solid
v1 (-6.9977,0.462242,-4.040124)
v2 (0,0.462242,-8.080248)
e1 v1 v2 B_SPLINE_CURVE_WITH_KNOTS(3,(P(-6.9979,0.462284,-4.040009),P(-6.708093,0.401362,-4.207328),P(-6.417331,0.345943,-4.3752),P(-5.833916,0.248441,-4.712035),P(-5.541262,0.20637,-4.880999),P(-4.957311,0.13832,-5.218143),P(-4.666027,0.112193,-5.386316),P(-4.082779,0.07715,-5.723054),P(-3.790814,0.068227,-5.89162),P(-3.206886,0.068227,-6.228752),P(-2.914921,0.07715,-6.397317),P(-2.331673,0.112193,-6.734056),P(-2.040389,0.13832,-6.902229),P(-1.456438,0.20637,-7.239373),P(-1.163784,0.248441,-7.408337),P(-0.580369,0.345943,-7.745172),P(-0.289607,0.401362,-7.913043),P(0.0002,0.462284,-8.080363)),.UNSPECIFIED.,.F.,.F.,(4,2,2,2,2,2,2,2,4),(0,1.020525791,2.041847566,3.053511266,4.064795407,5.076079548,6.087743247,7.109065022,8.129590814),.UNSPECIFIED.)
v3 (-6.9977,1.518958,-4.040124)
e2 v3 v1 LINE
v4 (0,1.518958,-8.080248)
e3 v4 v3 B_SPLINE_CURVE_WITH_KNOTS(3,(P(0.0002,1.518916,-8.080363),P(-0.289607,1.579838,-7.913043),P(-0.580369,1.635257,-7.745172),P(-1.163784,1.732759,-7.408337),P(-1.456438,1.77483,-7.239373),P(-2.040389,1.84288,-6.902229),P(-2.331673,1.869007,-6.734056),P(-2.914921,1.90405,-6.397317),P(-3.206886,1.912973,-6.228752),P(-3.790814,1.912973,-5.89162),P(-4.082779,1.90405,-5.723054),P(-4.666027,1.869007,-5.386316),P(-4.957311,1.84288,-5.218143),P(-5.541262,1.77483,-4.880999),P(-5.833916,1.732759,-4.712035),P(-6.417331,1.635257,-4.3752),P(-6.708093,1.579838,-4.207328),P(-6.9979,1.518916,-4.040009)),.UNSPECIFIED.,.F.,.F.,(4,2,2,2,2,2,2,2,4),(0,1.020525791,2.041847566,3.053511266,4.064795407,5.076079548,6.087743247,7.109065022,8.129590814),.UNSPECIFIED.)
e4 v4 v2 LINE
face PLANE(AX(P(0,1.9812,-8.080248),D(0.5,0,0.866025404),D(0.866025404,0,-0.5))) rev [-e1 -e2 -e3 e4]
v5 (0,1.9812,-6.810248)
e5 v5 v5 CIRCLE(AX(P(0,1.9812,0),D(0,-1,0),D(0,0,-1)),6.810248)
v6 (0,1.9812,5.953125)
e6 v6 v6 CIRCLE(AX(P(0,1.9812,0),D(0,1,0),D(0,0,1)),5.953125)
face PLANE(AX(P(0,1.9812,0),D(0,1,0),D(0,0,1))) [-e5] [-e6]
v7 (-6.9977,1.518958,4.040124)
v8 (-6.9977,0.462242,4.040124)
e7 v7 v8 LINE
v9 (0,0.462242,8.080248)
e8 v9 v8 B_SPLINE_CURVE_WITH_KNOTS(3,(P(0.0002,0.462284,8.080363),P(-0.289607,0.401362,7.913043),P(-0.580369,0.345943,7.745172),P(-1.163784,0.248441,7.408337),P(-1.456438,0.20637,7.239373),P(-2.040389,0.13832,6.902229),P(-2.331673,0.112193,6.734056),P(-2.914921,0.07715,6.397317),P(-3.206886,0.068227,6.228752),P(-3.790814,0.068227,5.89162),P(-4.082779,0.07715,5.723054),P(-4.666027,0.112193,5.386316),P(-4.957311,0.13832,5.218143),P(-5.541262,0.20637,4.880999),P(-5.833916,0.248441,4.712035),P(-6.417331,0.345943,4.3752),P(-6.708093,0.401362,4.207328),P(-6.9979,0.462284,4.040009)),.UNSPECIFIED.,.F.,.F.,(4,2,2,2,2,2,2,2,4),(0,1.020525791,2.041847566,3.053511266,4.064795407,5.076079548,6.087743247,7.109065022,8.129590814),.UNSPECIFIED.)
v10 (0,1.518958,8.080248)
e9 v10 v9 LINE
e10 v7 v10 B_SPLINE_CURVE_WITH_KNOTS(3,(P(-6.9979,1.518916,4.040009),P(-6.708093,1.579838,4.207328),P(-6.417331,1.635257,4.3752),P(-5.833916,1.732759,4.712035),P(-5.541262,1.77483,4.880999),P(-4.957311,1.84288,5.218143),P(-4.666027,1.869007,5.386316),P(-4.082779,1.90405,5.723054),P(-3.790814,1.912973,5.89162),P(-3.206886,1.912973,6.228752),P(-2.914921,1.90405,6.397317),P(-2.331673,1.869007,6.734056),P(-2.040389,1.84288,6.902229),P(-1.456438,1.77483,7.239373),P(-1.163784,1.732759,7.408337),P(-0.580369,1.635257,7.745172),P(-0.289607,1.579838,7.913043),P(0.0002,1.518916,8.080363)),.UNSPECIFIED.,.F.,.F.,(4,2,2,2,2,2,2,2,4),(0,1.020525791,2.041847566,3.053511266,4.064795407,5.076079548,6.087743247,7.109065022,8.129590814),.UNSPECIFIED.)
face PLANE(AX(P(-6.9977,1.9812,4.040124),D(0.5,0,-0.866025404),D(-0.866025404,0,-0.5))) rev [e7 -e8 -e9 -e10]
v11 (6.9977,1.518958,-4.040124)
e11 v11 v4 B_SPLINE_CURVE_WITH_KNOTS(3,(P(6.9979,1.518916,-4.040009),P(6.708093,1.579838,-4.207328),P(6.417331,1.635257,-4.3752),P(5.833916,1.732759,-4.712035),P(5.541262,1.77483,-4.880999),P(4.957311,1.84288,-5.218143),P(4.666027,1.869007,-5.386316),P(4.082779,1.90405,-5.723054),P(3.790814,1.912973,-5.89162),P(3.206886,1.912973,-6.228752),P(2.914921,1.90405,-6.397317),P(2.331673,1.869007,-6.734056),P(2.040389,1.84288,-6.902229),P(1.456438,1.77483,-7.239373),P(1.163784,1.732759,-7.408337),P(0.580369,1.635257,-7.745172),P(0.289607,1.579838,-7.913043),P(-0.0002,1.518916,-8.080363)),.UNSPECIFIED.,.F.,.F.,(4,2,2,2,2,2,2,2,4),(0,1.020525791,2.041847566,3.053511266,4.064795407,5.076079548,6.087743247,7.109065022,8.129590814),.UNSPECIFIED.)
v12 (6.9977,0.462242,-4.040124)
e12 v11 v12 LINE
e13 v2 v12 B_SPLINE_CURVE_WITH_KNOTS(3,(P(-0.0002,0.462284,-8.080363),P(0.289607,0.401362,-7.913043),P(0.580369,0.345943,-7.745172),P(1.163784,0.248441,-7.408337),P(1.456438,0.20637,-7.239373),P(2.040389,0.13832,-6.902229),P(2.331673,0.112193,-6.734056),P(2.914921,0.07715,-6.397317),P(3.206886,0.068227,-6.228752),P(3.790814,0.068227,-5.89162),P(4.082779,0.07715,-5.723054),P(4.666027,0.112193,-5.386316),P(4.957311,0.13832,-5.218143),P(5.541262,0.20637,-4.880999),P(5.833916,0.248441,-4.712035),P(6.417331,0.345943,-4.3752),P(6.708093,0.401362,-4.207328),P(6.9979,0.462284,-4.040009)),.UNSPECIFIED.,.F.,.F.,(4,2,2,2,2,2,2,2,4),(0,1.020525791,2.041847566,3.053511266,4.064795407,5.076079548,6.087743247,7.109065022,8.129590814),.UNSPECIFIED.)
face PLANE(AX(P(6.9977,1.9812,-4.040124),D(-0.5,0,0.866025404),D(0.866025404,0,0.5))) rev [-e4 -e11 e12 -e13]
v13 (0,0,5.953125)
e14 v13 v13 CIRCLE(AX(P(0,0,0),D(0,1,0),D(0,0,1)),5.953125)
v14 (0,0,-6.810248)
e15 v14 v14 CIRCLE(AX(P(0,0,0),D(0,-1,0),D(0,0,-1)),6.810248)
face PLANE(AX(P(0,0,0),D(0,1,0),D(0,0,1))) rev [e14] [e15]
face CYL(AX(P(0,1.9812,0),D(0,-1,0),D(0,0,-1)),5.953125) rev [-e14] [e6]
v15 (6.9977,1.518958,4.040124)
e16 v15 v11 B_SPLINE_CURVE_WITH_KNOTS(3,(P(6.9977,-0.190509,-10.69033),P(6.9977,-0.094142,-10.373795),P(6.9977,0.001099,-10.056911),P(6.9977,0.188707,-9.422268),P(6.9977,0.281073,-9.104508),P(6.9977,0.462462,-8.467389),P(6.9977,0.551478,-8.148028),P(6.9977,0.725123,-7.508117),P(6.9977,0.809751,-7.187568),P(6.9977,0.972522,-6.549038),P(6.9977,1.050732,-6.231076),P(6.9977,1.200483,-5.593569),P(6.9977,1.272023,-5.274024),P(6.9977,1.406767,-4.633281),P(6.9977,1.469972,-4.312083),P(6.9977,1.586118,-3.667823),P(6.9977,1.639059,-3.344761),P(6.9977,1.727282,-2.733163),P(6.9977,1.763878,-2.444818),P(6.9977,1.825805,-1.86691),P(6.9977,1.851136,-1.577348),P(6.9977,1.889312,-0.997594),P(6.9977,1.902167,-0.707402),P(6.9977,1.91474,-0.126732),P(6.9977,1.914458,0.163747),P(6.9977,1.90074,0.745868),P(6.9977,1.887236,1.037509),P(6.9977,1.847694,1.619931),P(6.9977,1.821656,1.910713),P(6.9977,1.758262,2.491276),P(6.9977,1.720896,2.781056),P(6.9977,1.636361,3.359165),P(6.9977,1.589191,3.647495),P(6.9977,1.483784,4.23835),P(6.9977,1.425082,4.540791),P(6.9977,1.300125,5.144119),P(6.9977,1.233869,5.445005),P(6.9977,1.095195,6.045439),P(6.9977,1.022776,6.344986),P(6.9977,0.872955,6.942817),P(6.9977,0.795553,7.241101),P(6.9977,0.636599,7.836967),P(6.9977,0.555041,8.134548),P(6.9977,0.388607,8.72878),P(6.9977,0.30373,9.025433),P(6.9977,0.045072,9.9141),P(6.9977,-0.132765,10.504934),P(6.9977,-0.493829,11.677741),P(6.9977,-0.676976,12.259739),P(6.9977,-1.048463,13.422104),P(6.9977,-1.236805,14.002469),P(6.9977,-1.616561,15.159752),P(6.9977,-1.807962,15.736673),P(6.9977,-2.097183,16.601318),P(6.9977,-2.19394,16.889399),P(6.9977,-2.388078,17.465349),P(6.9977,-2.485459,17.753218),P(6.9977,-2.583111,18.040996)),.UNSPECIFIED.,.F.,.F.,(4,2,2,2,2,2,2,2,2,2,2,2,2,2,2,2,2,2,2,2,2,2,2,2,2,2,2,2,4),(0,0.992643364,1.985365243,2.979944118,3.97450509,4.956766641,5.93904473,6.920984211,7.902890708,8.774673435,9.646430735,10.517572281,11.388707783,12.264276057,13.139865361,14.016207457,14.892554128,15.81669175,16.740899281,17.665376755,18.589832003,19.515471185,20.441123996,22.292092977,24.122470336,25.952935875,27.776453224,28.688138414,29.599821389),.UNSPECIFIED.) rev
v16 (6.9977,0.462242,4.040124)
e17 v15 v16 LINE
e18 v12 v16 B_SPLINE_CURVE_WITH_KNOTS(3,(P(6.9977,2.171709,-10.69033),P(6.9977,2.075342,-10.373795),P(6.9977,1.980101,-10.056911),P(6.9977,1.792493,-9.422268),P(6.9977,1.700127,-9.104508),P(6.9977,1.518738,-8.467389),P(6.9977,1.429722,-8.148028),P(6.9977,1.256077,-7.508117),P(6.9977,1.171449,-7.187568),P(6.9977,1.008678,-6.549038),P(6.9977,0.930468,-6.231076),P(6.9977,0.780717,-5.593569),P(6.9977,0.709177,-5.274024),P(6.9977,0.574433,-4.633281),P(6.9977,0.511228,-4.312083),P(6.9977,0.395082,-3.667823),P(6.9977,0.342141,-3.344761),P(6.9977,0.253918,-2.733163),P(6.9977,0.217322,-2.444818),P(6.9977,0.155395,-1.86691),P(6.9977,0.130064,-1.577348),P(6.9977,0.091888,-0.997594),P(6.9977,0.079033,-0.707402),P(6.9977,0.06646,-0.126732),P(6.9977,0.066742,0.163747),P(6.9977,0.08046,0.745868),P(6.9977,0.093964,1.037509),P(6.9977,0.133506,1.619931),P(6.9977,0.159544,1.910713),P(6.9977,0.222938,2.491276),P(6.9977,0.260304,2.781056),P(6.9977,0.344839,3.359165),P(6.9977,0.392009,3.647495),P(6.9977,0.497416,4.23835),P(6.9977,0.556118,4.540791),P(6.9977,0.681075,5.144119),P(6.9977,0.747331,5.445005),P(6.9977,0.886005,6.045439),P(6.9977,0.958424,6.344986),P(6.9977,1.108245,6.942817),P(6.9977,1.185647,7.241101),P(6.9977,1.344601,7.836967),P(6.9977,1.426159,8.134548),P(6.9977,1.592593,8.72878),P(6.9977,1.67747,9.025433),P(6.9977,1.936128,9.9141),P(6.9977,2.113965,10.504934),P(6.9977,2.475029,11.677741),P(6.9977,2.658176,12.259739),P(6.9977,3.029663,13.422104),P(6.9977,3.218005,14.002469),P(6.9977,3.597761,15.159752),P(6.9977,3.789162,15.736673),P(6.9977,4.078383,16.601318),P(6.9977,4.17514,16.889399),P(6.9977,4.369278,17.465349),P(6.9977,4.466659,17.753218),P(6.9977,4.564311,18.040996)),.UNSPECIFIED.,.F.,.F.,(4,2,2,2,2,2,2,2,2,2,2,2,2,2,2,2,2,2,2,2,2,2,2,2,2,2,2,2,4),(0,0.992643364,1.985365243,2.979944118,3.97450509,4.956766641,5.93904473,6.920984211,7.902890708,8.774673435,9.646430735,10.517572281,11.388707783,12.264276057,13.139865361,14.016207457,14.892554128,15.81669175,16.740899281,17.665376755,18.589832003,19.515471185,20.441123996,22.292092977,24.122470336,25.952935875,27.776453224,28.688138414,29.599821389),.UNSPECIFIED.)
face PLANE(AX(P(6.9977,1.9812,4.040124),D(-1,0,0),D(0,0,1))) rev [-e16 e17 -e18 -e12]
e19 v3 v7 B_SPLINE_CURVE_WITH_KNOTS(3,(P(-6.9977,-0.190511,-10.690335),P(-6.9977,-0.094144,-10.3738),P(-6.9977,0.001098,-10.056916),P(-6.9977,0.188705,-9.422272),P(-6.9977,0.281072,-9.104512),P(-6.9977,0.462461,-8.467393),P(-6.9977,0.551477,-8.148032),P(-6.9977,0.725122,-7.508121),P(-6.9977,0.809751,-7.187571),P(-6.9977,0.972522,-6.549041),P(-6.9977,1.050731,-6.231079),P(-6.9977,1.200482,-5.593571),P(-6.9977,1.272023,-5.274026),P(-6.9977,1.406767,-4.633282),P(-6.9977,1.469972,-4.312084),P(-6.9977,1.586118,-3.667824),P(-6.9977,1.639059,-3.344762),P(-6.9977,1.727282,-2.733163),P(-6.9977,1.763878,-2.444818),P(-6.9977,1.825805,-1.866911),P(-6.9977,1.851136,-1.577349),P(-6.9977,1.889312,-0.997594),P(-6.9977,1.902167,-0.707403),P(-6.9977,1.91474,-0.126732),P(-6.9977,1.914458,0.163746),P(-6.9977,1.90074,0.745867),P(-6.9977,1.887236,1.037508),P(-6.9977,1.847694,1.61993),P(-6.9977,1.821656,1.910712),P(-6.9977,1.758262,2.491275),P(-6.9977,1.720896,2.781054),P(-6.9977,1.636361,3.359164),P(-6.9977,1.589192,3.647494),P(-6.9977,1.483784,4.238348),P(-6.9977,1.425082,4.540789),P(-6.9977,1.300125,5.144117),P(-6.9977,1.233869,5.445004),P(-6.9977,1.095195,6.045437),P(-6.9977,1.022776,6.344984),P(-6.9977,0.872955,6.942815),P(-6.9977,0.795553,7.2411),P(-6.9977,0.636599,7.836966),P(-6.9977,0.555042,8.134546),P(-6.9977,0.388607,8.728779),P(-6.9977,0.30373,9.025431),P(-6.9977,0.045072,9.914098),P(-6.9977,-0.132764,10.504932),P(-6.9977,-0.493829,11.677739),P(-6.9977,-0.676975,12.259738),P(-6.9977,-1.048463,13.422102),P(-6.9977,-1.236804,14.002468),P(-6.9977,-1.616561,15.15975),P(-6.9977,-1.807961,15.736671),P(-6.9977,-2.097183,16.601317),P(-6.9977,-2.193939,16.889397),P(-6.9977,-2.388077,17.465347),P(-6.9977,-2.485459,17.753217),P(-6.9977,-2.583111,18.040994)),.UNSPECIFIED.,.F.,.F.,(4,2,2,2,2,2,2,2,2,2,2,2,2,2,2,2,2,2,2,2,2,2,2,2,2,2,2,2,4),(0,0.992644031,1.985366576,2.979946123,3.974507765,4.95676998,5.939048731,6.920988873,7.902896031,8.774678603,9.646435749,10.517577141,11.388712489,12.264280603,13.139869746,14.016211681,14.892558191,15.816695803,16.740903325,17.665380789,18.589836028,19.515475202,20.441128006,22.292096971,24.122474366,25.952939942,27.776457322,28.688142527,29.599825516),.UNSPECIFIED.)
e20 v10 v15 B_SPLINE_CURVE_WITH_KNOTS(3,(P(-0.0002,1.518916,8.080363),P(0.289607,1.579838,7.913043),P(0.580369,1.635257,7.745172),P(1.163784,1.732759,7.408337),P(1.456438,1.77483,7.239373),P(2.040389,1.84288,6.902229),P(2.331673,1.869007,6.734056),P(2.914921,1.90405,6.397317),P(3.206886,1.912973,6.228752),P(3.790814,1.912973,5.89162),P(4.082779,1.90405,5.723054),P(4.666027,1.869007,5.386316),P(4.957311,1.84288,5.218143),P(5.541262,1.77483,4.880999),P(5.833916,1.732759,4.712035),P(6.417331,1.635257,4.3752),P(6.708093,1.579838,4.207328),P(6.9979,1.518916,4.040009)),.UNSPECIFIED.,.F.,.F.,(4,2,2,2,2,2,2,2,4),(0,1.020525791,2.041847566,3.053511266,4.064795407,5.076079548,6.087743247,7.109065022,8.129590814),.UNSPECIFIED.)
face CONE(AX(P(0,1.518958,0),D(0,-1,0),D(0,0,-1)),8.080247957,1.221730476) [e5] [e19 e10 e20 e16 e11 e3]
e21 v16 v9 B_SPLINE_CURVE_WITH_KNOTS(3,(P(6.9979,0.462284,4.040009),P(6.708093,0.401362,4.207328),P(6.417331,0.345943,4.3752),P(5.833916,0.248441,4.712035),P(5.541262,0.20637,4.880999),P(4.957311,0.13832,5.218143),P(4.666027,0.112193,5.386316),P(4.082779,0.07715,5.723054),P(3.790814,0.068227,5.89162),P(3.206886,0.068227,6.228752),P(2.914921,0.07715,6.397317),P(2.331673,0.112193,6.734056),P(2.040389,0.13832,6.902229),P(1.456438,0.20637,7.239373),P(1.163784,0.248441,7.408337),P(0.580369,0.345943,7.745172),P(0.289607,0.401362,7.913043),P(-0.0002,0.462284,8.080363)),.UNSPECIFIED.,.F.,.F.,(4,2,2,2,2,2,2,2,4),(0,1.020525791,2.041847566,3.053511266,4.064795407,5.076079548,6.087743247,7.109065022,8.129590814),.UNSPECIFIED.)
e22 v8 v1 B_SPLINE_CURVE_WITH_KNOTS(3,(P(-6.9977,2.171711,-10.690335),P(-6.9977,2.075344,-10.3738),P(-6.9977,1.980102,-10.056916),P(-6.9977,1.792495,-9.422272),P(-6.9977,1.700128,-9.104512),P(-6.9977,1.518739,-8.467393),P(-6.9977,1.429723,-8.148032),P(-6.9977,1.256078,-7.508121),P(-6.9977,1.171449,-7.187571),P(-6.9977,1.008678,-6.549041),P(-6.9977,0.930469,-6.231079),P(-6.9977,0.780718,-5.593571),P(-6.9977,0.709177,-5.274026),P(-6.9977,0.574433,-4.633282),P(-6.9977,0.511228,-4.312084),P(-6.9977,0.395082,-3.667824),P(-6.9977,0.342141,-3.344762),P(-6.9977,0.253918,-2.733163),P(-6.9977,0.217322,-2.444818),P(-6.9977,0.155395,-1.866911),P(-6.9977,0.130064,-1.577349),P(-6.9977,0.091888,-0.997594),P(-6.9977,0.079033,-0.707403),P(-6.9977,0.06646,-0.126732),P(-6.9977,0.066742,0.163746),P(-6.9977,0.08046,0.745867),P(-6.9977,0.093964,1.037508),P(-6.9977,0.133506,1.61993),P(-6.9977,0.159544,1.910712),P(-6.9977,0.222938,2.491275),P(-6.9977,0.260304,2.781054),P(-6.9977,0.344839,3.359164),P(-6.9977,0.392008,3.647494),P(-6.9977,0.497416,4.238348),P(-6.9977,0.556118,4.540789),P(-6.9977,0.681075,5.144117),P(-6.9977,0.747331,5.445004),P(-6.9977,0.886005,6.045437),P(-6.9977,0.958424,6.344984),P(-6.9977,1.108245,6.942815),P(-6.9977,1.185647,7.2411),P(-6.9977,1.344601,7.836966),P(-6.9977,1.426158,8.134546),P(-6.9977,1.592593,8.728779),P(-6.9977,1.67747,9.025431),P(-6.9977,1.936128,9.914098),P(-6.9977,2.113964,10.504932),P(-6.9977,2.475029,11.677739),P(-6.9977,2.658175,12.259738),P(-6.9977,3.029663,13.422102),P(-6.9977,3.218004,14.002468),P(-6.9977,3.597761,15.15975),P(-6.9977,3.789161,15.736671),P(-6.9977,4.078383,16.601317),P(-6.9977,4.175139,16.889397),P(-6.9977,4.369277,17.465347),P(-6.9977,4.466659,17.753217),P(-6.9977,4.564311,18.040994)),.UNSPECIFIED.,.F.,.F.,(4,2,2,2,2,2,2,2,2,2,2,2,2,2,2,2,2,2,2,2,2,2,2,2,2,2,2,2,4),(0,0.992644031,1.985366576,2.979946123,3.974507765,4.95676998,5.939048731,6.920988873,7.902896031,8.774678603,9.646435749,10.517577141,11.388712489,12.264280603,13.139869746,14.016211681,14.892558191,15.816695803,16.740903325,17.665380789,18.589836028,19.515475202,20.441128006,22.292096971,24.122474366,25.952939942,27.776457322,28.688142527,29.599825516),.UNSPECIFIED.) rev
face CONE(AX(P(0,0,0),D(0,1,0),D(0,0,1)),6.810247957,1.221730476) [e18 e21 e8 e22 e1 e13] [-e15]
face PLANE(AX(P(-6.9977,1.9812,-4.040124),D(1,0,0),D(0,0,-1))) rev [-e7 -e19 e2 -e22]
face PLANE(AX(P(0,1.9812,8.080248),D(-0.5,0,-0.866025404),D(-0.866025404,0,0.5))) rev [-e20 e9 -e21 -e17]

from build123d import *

# Parameters (mm, degrees)
SKETCH1_R           = 5.953125
BOSS_EXTRUDE1_DEPTH = 1.9812


with BuildPart() as part:
    # Sketch1 → Boss-Extrude1 (new body)
    with BuildSketch(Plane(origin=(0, 0, 0), x_dir=(1, 0, 0), z_dir=(0, 1, 0))):
        Polygon((0, -8.080247957), (6.9977, -4.040123979), (6.9977, 4.040123979), (0, 8.080247957), (-6.9977, 4.040123979), (-6.9977, -4.040123979), align=None)
        Circle(SKETCH1_R, mode=Mode.SUBTRACT)
    extrude(amount=BOSS_EXTRUDE1_DEPTH)

    # Sketch2 → Cut-Revolve1 (revolve, cut)
    with BuildSketch(Plane(origin=(0, 0, 0), x_dir=(0, 0, -1), z_dir=(1, 0, 0))):
        Polygon((-8.080247957, 1.518957802), (-6.810247957, 1.9812), (-8.080247957, 1.9812), align=None)
        Polygon((-8.080247957, 0), (-8.080247957, 0.462242198), (-6.810247957, 0), align=None)
    revolve(axis=Axis((0, 0, 0), (0, 1, 0)), mode=Mode.SUBTRACT)


solid = part.part
